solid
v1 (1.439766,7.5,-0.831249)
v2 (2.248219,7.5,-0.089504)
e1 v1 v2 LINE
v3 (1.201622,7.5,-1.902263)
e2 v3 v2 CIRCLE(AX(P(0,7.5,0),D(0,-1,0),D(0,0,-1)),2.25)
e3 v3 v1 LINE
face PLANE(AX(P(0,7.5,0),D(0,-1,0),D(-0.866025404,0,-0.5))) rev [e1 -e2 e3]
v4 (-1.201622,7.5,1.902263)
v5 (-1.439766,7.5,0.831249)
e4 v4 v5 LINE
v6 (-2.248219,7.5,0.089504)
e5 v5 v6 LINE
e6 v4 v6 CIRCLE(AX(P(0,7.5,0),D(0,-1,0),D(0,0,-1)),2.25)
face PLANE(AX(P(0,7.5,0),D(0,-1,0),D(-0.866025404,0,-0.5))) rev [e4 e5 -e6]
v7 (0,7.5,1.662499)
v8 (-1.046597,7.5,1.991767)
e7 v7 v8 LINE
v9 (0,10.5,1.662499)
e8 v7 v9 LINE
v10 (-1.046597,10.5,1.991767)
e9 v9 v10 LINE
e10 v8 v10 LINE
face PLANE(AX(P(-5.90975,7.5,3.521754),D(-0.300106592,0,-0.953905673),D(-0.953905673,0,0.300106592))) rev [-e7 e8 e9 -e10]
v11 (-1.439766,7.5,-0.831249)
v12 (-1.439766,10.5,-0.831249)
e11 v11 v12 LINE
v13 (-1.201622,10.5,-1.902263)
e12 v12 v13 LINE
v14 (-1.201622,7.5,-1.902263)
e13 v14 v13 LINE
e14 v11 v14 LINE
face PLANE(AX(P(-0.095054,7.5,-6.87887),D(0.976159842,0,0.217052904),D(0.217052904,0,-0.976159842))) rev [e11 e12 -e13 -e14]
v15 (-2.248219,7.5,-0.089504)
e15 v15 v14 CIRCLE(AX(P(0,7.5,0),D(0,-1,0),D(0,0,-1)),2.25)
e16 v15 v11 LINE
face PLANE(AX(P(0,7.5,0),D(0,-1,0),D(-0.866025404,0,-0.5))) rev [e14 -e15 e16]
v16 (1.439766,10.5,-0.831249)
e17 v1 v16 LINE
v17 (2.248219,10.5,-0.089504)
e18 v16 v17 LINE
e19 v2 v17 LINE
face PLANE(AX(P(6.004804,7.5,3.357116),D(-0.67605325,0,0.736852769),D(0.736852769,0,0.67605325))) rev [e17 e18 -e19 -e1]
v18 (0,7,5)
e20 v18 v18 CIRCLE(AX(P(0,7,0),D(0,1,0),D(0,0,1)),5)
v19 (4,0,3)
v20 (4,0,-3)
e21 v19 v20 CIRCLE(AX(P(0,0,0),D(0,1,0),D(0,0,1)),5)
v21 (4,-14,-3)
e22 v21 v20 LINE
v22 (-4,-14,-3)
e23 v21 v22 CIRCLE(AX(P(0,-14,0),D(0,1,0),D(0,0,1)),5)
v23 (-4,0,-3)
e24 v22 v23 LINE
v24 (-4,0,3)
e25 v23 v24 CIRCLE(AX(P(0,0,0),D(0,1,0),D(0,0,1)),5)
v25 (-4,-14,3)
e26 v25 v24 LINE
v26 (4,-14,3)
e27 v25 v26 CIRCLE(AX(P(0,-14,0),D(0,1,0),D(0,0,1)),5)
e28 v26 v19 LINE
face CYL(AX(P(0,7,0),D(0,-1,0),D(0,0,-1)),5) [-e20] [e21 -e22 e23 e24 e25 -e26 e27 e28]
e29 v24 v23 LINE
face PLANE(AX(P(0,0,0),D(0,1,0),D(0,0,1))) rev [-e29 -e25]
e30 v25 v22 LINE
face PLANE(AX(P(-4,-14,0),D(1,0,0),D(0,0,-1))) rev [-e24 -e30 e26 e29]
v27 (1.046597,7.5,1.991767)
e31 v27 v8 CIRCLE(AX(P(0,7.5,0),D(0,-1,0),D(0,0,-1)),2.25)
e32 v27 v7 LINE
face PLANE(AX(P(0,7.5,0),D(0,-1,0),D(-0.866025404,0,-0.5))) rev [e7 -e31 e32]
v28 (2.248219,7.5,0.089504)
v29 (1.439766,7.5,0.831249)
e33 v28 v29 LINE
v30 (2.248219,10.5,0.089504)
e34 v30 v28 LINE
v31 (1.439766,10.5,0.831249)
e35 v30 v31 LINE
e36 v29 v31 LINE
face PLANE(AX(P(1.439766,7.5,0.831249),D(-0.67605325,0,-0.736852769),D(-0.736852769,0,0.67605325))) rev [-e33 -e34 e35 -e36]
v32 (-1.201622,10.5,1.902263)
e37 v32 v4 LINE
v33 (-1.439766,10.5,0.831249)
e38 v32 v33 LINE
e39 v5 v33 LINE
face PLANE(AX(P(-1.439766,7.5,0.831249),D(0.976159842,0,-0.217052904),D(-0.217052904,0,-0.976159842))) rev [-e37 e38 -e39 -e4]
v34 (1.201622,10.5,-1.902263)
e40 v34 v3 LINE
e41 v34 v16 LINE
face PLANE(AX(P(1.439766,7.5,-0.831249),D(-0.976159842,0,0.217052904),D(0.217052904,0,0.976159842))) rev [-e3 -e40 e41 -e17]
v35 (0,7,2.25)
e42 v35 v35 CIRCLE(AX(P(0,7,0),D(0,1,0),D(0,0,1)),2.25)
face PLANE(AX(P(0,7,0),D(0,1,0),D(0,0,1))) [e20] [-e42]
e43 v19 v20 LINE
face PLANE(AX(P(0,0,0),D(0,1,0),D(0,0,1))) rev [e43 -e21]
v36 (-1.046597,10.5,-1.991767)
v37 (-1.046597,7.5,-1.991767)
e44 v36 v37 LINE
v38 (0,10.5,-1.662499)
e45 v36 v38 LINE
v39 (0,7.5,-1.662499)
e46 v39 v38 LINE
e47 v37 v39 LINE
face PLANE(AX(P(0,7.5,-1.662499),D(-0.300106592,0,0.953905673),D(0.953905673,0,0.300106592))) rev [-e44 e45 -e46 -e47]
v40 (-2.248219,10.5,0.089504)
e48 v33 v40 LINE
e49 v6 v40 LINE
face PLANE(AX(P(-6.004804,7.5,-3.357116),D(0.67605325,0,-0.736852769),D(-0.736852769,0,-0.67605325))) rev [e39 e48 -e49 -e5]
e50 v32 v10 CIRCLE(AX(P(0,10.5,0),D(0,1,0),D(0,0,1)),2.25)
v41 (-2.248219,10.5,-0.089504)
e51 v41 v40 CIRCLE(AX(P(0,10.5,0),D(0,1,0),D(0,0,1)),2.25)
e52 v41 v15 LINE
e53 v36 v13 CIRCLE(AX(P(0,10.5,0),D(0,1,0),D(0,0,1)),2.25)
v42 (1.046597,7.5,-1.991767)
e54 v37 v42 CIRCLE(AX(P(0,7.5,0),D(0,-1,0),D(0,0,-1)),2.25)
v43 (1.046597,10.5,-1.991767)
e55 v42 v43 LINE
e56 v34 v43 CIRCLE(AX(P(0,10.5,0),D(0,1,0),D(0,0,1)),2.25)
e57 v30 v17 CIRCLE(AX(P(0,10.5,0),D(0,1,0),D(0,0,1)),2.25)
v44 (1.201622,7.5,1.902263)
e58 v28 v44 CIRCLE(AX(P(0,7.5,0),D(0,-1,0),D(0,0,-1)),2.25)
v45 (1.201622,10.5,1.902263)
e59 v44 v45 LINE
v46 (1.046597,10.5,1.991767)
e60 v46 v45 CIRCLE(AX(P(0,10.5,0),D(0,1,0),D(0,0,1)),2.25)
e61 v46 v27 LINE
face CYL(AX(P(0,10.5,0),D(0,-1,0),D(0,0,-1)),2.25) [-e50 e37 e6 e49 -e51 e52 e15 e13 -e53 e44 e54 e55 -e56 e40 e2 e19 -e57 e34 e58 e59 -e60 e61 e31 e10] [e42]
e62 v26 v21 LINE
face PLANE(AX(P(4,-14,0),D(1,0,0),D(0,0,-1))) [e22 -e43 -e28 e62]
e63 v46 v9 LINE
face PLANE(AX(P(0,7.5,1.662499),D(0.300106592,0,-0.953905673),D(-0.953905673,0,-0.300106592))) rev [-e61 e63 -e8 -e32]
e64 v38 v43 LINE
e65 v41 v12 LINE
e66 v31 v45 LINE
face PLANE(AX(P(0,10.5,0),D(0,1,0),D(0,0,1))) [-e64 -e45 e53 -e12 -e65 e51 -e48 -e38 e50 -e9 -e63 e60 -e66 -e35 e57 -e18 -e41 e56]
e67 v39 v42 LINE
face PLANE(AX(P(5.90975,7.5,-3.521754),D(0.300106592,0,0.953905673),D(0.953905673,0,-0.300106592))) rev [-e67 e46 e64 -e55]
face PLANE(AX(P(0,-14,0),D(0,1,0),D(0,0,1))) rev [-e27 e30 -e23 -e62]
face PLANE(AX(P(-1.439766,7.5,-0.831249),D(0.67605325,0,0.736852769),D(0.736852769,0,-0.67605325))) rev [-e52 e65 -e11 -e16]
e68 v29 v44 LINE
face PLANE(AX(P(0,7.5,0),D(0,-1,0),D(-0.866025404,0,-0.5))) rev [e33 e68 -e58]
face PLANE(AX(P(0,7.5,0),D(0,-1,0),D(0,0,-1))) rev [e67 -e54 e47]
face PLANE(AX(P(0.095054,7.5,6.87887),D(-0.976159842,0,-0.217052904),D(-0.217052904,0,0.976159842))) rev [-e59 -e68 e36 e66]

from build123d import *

# Parameters (mm, degrees)
SKETCH1_R           = 5
BOSS_EXTRUDE1_DEPTH = 7
BOSS_EXTRUDE2_START = -14
BOSS_EXTRUDE2_DEPTH = 14
SKETCH3_R           = 2.25
BOSS_EXTRUDE3_DEPTH = 3.5
CUT_EXTRUDE1_DEPTH  = 3
CIRPATTERN1_COUNT   = 6


with BuildPart() as part:
    # Sketch1 → Boss-Extrude1 (new body)
    with BuildSketch(Plane(origin=(0, 0, 0), x_dir=(1, 0, 0), z_dir=(0, 1, 0))):
        with Locations(Location((0, 0, 0), (0, 0, 270))):
            Circle(SKETCH1_R)
    extrude(amount=BOSS_EXTRUDE1_DEPTH)

    # Sketch2 → Boss-Extrude2 (add)
    with BuildSketch(Plane(origin=(0, 0, 0), x_dir=(1, 0, 0), z_dir=(0, 1, 0)).offset(BOSS_EXTRUDE2_START)):
        with BuildLine():
            Line((4, -3), (4, 3))
            ThreePointArc((4, 3), (0, 5), (-4, 3))
            Line((-4, 3), (-4, -3))
            ThreePointArc((-4, -3), (0, -5), (4, -3))
        make_face()
    extrude(amount=BOSS_EXTRUDE2_DEPTH)

    # Sketch3 → Boss-Extrude3 (add)
    with BuildSketch(Plane(origin=(0, 7, 0), x_dir=(1, 0, 0), z_dir=(0, 1, 0))):
        with Locations(Location((0, 0, 0), (0, 0, 270))):
            Circle(SKETCH3_R)
    extrude(amount=BOSS_EXTRUDE3_DEPTH)

    # Sketch4 → Cut-Extrude1 (cut)
    with BuildSketch(Plane(origin=(0, 10.5, 0), x_dir=(1, 0, 0), z_dir=(0, 1, 0))):
        Polygon((0, 1.662498522), (-5.909749561, 3.521754474), (5.909749561, 3.521754474), align=None)
    cut_extrude1 = extrude(amount=-CUT_EXTRUDE1_DEPTH, mode=Mode.SUBTRACT)

    # CirPattern1: Cut-Extrude1 ×6 about axis
    cirpattern1_axis = Axis((0, 0, 0), (0, 1, 0))
    for i in range(1, CIRPATTERN1_COUNT):
        add(cut_extrude1.rotate(cirpattern1_axis, i * 360 / CIRPATTERN1_COUNT), mode=Mode.SUBTRACT)


solid = part.part
